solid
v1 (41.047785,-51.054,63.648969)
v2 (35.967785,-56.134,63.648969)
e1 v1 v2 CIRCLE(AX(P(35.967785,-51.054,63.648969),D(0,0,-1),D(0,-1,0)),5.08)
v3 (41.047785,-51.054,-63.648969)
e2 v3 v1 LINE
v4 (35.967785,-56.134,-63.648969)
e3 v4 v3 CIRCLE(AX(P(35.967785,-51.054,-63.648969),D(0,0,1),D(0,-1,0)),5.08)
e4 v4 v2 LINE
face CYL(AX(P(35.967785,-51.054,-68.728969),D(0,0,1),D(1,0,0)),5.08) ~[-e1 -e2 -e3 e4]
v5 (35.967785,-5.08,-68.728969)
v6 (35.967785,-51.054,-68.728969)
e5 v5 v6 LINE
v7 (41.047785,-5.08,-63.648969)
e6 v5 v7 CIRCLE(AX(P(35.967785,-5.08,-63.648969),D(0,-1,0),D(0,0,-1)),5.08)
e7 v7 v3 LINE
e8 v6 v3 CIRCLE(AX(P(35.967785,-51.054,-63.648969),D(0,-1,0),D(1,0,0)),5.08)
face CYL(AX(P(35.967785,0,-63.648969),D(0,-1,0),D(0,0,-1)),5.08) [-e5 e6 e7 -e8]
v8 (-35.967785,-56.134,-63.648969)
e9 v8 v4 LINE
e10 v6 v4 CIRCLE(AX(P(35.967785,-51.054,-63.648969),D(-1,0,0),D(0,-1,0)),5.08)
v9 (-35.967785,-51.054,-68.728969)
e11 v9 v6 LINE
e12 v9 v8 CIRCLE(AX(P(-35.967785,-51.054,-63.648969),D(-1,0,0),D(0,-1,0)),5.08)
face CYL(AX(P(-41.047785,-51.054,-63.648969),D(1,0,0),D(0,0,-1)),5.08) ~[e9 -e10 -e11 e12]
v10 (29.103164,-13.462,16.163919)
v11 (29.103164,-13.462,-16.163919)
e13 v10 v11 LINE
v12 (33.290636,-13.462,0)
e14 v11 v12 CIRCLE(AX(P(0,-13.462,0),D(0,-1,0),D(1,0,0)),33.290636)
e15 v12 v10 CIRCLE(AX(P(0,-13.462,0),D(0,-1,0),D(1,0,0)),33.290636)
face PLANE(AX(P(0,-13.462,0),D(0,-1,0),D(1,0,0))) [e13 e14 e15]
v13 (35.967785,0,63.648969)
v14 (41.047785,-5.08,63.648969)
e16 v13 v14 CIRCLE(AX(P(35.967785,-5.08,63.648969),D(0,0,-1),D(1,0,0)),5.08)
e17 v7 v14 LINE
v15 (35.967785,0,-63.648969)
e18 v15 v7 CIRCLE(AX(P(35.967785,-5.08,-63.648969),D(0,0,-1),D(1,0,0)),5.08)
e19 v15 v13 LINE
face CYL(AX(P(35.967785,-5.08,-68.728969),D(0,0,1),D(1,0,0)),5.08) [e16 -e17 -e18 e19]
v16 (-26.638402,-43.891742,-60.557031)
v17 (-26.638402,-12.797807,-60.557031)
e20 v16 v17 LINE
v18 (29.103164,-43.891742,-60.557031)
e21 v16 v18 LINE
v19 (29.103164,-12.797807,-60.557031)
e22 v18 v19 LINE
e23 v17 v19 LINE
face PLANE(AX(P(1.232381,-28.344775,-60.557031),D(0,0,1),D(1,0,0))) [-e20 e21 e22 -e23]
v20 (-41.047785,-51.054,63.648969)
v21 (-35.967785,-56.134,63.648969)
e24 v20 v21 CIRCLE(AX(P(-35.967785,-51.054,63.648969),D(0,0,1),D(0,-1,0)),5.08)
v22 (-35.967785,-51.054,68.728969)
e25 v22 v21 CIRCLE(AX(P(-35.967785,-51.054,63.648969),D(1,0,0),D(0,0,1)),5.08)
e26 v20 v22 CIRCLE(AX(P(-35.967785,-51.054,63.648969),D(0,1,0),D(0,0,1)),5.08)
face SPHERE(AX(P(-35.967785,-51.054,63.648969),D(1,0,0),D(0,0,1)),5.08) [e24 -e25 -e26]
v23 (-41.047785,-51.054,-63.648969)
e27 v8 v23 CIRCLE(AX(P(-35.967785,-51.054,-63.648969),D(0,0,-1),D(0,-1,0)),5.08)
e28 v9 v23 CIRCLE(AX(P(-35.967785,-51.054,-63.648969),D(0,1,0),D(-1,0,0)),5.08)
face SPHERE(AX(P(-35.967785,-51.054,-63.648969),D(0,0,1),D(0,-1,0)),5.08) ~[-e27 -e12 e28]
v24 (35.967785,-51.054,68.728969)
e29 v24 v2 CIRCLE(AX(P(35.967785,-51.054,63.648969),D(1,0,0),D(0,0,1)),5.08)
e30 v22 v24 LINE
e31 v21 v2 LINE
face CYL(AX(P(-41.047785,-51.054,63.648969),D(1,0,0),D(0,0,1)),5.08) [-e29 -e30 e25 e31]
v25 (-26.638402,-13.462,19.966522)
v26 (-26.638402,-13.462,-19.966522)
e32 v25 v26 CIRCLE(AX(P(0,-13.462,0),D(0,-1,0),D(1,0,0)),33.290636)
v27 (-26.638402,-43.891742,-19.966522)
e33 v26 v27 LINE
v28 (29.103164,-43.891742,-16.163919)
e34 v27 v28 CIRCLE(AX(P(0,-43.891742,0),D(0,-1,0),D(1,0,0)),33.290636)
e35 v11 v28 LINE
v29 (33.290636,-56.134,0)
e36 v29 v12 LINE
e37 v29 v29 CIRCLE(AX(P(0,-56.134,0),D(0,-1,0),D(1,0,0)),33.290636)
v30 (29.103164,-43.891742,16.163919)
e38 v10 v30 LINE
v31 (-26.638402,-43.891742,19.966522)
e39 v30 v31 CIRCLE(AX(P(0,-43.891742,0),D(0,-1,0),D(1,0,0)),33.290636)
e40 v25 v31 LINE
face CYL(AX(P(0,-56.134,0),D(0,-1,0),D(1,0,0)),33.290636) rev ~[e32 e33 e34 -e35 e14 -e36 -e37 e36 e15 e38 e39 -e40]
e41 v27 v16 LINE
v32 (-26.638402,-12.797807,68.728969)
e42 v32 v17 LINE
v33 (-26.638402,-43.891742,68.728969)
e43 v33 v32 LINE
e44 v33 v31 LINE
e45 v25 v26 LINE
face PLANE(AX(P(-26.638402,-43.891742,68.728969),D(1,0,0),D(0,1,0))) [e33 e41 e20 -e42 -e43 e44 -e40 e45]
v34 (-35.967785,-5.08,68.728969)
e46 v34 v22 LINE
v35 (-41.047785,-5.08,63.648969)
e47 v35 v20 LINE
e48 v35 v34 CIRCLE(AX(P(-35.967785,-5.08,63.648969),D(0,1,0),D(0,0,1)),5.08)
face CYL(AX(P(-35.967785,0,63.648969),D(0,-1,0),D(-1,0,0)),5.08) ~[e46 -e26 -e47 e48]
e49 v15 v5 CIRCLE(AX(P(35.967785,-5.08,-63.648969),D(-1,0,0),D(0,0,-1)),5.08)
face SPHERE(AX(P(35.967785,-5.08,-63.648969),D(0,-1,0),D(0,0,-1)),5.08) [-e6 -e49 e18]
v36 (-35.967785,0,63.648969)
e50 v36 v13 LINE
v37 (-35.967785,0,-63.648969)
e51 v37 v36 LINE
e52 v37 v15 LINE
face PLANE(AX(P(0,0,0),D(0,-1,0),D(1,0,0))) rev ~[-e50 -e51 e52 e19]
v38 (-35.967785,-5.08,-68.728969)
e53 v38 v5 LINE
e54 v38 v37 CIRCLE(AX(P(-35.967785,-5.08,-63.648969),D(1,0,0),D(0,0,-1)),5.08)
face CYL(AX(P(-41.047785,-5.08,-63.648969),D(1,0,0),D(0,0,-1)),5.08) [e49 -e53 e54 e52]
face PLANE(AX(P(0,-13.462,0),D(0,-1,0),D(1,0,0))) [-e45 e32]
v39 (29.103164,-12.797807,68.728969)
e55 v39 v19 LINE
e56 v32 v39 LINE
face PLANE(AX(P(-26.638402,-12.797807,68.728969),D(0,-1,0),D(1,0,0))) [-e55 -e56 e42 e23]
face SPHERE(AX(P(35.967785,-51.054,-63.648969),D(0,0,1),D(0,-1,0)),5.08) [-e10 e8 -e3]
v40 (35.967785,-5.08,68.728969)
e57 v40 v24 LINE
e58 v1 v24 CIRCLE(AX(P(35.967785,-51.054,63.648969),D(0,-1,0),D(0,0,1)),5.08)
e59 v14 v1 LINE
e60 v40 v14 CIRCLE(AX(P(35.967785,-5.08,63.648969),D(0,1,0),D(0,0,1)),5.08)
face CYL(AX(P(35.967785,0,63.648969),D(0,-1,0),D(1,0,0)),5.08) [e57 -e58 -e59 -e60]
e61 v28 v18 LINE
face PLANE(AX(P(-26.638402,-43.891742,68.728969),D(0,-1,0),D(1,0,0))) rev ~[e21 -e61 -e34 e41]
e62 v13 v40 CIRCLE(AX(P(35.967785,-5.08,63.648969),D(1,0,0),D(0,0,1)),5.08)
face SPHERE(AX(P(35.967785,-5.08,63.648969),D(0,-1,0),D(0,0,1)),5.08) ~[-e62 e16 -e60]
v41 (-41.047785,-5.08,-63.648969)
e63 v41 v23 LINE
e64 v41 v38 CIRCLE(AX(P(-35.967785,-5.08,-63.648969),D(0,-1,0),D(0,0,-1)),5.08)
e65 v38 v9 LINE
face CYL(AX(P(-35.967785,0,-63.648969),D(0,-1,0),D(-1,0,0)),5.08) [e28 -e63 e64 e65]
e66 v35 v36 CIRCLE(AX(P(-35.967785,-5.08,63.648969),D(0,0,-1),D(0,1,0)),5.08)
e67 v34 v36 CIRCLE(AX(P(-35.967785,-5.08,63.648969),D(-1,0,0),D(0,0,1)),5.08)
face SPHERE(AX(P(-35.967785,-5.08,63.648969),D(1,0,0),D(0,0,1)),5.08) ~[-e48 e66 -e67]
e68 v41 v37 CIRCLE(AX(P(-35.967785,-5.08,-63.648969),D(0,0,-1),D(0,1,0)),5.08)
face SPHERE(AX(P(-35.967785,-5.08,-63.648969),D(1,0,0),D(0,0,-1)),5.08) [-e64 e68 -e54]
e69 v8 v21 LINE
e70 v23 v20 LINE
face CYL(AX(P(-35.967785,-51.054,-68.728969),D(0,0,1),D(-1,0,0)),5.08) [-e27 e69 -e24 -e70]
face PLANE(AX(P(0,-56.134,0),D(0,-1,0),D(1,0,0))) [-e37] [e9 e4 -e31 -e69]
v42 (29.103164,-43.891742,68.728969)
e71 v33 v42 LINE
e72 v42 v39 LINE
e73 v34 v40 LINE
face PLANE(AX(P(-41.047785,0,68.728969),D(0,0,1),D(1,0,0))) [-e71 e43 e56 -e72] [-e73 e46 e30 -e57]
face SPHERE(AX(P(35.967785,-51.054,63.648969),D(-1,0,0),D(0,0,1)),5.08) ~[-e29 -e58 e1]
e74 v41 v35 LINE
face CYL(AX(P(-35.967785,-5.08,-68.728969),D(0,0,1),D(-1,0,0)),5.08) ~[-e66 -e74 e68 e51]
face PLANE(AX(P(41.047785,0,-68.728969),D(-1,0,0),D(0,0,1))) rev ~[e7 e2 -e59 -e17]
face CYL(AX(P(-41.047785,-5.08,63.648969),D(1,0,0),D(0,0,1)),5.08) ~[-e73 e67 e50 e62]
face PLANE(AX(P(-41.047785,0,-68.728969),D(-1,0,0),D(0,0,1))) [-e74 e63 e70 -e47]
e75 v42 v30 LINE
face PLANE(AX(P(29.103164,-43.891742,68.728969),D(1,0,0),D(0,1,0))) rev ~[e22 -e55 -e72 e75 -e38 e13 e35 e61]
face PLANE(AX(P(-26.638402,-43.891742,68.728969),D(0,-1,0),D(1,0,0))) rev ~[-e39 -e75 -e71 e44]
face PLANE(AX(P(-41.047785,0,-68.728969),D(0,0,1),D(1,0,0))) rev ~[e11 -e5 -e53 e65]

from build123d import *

# Parameters (mm, degrees)
F0_W     = 82.09557
F0_H     = 137.457938
F1_DEPTH = 56.134
F2_R     = 5.08
F3_W     = 55.741566
F3_H     = 31.093935
F5_DEPTH = 129.286
F4_R     = 33.290636
F6_DEPTH = 42.672


with BuildPart() as f1:
    # F0 (on Front) → F1 (new body)
    with BuildSketch(Plane.XZ):
        Rectangle(F0_W, F0_H)
    extrude(amount=F1_DEPTH)

    # F2
    f2_edges = [f1.edges().sort_by_distance(p)[0] for p in [
        (0, -56.134, 68.728969),
        (41.047785, -28.067, 68.728969),
        (0, 0, 68.728969),
        (-41.047785, -28.067, 68.728969),
        (41.047785, -56.134, 0),
        (-41.047785, -56.134, 0),
        (0, -56.134, -68.728969),
        (41.047785, -28.067, -68.728969),
        (0, 0, -68.728969),
        (-41.047785, -28.067, -68.728969),
        (41.047785, 0, 0),
        (-41.047785, 0, 0),
    ]]
    fillet(f2_edges, radius=F2_R)

    # F3 (on face) → F5 (cut)
    with BuildSketch(Plane.XY.offset(68.728969)):
        with Locations((1.232381, -28.344775)):
            Rectangle(F3_W, F3_H)
    extrude(amount=-F5_DEPTH, mode=Mode.SUBTRACT)

    # F4 (on face) → F6 (cut)
    with BuildSketch(Plane.XZ.offset(56.134)):
        Circle(F4_R)
    extrude(amount=-F6_DEPTH, mode=Mode.SUBTRACT)


solid = f1.part
